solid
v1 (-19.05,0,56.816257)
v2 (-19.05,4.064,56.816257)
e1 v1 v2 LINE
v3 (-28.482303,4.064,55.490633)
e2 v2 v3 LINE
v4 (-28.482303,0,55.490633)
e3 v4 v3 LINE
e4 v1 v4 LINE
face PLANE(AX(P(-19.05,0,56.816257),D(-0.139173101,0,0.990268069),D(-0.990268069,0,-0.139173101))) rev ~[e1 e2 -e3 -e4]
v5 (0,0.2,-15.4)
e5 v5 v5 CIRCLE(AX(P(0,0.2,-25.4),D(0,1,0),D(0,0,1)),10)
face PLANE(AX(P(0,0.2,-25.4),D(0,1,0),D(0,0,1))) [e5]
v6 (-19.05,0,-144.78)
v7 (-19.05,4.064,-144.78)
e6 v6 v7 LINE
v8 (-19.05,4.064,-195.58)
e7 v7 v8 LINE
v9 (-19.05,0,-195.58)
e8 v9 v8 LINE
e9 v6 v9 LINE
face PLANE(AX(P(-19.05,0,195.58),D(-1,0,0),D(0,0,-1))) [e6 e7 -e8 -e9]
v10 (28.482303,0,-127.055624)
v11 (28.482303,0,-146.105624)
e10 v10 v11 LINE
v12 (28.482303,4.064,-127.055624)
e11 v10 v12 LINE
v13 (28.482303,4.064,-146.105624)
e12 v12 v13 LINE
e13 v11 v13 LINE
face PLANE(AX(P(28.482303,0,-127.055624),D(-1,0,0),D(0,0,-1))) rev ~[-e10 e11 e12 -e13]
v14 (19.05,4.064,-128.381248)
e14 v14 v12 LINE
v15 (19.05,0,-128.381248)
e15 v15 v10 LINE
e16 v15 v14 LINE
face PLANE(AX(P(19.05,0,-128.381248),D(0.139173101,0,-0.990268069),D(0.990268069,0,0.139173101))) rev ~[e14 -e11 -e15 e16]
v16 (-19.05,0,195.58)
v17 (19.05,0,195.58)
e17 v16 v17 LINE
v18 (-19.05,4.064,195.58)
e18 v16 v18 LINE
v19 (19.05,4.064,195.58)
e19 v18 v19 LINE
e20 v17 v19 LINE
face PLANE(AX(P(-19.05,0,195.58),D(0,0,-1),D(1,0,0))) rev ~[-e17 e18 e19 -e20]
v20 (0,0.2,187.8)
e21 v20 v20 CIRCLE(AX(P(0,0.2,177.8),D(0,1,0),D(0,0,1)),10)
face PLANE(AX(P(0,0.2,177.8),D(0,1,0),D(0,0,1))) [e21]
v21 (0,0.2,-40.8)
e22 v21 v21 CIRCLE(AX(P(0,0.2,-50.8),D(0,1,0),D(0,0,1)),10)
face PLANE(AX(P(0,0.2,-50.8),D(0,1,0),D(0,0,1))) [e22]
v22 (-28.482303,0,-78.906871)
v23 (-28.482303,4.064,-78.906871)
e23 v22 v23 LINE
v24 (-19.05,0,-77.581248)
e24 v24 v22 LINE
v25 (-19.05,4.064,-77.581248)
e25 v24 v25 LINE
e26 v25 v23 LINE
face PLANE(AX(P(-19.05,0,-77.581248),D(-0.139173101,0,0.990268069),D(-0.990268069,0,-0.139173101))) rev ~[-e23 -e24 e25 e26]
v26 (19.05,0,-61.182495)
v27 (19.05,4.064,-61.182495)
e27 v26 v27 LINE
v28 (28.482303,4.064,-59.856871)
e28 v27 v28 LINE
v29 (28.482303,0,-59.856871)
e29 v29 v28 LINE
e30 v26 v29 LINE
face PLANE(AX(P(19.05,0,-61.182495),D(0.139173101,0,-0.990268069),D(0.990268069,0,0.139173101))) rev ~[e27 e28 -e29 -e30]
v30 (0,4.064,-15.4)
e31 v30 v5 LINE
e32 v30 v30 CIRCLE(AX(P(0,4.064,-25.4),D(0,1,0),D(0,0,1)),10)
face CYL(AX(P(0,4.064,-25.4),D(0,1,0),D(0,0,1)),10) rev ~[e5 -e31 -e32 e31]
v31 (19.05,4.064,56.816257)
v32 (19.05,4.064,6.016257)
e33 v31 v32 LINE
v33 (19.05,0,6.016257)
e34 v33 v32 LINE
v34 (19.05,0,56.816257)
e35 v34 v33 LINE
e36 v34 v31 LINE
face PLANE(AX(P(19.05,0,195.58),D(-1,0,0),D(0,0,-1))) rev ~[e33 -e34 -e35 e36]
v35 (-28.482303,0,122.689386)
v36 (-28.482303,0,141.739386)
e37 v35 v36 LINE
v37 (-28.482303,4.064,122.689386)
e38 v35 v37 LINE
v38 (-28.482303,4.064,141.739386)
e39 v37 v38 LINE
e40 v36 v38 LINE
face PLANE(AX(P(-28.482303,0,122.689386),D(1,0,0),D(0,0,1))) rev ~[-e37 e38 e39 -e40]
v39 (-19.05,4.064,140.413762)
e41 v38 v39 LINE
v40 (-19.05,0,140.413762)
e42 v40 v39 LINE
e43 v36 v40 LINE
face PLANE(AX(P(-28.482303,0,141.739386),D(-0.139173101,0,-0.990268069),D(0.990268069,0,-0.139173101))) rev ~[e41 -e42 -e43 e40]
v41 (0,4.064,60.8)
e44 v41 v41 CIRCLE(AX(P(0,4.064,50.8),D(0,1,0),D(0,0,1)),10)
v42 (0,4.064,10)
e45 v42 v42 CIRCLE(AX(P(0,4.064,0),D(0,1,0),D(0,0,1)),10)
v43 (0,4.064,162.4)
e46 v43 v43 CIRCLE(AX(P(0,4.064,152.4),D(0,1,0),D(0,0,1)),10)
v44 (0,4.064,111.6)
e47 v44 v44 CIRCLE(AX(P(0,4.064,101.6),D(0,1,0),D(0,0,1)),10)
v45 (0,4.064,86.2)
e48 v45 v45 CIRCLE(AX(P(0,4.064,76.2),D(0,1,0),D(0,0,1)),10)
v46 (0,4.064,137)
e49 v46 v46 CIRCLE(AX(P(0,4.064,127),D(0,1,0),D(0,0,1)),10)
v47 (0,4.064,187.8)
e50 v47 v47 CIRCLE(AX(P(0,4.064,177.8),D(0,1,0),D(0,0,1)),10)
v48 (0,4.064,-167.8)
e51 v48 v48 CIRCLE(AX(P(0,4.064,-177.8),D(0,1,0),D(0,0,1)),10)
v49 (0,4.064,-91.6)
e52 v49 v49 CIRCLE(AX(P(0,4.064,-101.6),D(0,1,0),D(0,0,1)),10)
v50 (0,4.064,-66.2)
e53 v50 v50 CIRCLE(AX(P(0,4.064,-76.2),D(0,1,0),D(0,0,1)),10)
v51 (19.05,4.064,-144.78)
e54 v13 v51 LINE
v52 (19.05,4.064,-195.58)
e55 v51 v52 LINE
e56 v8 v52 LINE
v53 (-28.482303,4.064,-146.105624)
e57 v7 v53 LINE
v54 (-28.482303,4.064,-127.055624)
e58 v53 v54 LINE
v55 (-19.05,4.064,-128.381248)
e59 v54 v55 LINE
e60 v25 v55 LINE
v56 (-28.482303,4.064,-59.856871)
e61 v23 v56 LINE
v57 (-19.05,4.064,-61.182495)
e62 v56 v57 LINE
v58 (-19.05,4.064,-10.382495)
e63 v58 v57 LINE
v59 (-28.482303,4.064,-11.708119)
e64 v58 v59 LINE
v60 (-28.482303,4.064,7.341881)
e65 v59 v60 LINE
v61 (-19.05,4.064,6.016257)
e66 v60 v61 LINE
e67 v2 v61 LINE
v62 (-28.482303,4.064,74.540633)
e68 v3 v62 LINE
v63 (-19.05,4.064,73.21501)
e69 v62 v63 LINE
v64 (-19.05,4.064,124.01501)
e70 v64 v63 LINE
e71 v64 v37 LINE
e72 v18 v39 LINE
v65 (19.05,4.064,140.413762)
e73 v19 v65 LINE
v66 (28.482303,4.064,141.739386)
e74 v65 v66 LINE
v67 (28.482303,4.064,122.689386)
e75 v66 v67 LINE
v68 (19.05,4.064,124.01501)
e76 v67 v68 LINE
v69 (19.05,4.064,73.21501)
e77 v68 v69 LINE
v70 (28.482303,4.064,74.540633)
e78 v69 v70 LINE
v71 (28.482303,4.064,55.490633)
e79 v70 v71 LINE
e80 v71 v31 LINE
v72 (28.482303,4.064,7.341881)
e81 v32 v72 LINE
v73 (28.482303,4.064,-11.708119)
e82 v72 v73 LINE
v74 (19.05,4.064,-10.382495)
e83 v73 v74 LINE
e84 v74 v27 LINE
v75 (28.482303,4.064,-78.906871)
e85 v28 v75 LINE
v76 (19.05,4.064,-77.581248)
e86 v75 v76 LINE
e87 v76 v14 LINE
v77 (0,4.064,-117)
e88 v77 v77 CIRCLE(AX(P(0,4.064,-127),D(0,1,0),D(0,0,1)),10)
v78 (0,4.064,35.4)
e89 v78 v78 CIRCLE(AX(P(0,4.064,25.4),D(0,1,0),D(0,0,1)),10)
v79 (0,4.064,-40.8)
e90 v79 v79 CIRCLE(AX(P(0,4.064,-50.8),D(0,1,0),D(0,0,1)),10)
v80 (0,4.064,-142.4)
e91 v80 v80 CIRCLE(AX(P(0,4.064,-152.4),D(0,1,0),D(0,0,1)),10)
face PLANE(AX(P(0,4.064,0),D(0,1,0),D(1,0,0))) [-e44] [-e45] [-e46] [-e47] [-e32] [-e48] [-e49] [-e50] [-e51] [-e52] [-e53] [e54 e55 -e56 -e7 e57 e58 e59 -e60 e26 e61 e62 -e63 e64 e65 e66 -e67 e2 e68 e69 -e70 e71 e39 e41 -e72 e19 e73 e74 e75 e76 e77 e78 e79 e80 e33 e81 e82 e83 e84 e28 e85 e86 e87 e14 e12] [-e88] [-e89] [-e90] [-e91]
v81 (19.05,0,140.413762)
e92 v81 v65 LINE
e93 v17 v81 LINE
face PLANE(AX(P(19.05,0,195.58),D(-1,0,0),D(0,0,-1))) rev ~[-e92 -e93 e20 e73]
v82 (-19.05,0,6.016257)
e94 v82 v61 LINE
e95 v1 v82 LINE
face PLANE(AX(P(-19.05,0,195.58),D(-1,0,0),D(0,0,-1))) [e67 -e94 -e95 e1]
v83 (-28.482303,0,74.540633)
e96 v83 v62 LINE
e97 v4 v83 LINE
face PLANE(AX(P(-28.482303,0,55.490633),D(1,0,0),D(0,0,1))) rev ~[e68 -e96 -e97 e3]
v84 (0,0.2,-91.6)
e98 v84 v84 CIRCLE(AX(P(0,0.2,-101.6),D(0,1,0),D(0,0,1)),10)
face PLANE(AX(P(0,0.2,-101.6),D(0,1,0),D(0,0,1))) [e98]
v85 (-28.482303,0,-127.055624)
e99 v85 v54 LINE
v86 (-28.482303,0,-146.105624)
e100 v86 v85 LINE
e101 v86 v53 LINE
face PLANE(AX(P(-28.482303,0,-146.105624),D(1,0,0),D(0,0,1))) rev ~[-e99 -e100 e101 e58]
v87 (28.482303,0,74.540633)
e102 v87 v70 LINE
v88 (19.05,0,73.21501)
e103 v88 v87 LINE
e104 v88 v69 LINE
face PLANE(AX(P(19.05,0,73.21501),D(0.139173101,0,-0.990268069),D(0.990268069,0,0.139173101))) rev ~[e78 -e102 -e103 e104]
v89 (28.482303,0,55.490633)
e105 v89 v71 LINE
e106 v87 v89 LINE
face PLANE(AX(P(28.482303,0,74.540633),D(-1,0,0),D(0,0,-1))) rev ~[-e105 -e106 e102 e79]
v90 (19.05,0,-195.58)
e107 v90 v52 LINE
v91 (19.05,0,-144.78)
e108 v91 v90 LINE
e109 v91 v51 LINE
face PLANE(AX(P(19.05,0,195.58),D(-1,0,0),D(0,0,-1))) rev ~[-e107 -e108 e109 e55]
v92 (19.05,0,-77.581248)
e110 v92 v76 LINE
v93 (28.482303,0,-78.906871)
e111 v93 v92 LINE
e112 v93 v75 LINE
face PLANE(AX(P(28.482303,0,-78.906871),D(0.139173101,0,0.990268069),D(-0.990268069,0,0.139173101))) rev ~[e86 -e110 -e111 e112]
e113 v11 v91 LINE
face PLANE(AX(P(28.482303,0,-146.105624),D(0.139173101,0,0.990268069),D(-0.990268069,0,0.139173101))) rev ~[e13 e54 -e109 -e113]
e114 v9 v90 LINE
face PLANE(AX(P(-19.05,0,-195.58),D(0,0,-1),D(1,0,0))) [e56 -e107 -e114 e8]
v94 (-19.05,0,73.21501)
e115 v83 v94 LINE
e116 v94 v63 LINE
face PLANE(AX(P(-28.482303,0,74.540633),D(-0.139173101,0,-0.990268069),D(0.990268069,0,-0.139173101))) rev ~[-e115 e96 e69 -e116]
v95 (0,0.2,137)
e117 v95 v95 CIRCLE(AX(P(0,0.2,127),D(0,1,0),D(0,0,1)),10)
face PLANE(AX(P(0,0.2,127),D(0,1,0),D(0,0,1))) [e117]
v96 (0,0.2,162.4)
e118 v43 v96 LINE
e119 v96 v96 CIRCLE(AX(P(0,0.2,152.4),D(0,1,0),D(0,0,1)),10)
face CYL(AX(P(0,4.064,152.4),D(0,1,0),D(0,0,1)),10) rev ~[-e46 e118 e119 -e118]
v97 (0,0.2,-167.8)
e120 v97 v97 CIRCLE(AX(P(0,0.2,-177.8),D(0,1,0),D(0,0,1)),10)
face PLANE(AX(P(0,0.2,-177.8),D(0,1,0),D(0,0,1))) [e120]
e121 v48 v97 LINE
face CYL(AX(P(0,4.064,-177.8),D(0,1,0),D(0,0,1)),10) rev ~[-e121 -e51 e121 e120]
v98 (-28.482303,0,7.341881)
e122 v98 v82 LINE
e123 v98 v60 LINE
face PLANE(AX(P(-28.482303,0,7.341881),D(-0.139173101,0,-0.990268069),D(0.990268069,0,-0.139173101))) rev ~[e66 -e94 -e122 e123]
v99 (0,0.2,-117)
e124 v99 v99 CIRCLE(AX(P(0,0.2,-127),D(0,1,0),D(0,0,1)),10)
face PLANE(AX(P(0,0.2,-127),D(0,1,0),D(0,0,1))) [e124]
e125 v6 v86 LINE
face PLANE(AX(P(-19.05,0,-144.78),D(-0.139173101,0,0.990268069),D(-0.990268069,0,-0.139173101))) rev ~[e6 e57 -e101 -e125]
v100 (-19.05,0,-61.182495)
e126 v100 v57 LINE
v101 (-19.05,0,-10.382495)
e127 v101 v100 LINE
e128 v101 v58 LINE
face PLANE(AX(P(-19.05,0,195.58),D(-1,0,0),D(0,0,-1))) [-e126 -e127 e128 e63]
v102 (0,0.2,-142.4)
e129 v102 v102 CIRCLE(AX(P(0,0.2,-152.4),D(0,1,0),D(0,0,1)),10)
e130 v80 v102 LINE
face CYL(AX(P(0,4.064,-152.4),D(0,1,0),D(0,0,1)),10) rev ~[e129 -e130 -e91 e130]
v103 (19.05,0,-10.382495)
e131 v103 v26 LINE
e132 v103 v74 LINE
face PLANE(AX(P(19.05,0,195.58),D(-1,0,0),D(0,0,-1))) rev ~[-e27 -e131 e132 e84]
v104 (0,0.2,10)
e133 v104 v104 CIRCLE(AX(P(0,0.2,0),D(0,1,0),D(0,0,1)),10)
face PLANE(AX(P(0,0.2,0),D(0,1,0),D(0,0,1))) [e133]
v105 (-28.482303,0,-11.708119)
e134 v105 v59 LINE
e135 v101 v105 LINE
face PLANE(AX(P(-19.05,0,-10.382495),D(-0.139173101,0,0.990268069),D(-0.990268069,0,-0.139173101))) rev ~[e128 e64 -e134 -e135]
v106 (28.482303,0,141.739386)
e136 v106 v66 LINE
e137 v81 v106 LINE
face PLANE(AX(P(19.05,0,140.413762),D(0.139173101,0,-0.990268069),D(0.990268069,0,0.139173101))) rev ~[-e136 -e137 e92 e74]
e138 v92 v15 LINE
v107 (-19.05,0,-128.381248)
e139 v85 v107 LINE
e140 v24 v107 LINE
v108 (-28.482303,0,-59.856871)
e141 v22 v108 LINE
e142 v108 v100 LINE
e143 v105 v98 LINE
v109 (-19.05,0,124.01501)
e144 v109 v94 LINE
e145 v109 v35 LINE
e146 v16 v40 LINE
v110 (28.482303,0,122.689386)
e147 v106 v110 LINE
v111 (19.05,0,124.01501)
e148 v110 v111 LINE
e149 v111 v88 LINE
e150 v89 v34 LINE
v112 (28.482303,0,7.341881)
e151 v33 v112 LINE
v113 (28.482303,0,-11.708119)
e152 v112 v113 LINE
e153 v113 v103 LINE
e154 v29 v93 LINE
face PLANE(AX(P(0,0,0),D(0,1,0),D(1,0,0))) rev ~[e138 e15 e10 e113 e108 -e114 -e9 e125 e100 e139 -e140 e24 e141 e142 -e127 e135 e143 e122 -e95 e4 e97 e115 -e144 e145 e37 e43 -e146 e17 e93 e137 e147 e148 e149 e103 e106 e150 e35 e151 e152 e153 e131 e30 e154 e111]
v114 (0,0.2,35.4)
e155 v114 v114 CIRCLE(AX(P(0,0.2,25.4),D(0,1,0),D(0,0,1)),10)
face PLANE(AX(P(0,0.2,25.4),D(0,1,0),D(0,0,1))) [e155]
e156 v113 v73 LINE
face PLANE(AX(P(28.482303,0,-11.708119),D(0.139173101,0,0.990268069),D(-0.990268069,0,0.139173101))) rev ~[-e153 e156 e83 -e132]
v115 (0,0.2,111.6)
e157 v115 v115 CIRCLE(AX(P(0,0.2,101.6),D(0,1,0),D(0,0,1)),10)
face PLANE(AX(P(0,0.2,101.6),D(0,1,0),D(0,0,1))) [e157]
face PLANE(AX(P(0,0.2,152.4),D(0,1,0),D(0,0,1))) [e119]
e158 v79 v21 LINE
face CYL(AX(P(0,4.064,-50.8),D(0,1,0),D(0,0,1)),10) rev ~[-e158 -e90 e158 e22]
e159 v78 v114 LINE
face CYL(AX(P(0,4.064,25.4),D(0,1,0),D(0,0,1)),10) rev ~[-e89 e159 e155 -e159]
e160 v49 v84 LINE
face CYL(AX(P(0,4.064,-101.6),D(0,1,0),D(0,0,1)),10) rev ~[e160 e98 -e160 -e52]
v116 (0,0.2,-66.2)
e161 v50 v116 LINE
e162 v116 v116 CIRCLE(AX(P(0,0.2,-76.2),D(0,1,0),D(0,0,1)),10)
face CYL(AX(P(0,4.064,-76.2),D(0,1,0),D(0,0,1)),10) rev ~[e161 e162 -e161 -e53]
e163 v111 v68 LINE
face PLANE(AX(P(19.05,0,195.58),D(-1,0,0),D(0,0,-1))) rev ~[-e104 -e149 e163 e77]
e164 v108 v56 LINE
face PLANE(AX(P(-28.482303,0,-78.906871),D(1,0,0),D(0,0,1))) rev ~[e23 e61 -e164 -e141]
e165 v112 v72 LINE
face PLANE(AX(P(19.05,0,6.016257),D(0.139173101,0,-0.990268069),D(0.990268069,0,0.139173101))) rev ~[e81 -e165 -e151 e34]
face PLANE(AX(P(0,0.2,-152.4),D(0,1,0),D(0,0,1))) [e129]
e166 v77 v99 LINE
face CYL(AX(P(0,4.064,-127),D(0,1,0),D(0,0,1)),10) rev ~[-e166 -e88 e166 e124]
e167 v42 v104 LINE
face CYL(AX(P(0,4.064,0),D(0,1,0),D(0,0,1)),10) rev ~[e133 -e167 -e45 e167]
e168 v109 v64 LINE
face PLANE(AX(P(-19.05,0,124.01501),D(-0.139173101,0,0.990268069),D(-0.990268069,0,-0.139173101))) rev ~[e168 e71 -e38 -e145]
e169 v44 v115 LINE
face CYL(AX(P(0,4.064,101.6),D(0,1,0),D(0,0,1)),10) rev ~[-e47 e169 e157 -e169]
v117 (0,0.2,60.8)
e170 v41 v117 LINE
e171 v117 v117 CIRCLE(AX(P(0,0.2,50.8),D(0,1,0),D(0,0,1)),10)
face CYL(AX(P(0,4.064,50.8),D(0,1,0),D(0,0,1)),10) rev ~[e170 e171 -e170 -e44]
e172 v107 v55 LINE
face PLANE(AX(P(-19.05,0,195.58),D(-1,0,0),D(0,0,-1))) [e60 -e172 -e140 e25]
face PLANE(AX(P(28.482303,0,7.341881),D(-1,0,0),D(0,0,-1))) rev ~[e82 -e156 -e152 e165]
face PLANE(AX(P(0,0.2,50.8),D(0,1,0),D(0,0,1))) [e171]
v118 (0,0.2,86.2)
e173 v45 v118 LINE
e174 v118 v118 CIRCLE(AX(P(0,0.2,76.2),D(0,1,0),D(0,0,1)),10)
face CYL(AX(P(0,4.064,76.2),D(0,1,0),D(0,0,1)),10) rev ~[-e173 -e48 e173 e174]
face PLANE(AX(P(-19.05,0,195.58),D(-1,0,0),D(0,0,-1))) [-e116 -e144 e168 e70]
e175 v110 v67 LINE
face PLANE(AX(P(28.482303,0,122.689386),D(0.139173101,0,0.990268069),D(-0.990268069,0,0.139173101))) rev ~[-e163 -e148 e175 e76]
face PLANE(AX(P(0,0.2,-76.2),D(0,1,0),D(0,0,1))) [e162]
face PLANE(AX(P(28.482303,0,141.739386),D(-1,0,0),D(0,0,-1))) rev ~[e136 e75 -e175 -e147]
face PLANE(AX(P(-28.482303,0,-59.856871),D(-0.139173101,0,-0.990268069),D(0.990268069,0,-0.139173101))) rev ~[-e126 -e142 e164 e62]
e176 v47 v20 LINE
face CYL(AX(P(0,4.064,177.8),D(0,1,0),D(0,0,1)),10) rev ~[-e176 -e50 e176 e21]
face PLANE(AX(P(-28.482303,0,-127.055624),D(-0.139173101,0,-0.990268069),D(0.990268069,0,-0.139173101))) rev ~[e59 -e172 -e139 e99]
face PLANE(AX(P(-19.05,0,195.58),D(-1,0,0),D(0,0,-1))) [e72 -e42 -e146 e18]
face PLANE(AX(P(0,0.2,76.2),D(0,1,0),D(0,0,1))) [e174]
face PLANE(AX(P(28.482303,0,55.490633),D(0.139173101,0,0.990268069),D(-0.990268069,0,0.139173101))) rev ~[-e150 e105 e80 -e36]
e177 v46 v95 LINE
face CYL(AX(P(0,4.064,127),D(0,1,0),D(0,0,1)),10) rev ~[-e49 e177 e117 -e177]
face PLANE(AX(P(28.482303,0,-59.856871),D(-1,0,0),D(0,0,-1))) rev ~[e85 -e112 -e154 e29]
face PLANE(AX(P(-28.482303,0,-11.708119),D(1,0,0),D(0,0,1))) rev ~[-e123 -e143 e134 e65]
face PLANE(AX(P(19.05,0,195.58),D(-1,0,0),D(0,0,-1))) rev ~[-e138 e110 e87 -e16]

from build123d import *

# Parameters (mm, degrees)
SKETCH1_W           = 38.1
SKETCH1_H           = 391.16
BOSS_EXTRUDE1_DEPTH = 4.064
SKETCH2_R           = 10
CUT_EXTRUDE1_DEPTH  = 3.863999892
BOSS_EXTRUDE2_DEPTH = 4.064


with BuildPart() as part:
    # Sketch1 → Boss-Extrude1 (new body)
    with BuildSketch(Plane(origin=(0, 0, 0), x_dir=(1, 0, 0), z_dir=(0, 1, 0))):
        Rectangle(SKETCH1_W, SKETCH1_H)
    extrude(amount=BOSS_EXTRUDE1_DEPTH)

    # Sketch2 → Cut-Extrude1 (cut)
    with BuildSketch(Plane(origin=(0, 4.064, 0), x_dir=(1, 0, 0), z_dir=(0, 1, 0))):
        with Locations(Location((0, 177.8, 0), (0, 0, 270))):
            Circle(SKETCH2_R)
        with Locations(Location((0, 152.4, 0), (0, 0, 270))):
            Circle(SKETCH2_R)
        with Locations(Location((0, 127, 0), (0, 0, 270))):
            Circle(SKETCH2_R)
        with Locations(Location((0, 101.6, 0), (0, 0, 270))):
            Circle(SKETCH2_R)
        with Locations(Location((0, 76.2, 0), (0, 0, 270))):
            Circle(SKETCH2_R)
        with Locations(Location((0, 50.8, 0), (0, 0, 270))):
            Circle(SKETCH2_R)
        with Locations(Location((0, 25.4, 0), (0, 0, 270))):
            Circle(SKETCH2_R)
        with Locations(Location((0, 0, 0), (0, 0, 270))):
            Circle(SKETCH2_R)
        with Locations(Location((0, -25.4, 0), (0, 0, 270))):
            Circle(SKETCH2_R)
        with Locations(Location((0, -50.8, 0), (0, 0, 270))):
            Circle(SKETCH2_R)
        with Locations(Location((0, -76.2, 0), (0, 0, 270))):
            Circle(SKETCH2_R)
        with Locations(Location((0, -101.6, 0), (0, 0, 270))):
            Circle(SKETCH2_R)
        with Locations(Location((0, -127, 0), (0, 0, 270))):
            Circle(SKETCH2_R)
        with Locations(Location((0, -152.4, 0), (0, 0, 270))):
            Circle(SKETCH2_R)
        with Locations(Location((0, -177.8, 0), (0, 0, 270))):
            Circle(SKETCH2_R)
    extrude(amount=-CUT_EXTRUDE1_DEPTH, mode=Mode.SUBTRACT)

    # Sketch4 → Boss-Extrude2 (add)
    with BuildSketch(Plane(origin=(0, 0, 0), x_dir=(1, 0, 0), z_dir=(0, 1, 0))):
        Polygon((28.482303355, -55.490633493), (19.05, -56.81625728), (19.05, -73.215009707), (28.482303355, -74.540633493), align=None)
        Polygon((28.482303355, 146.105623787), (19.05, 144.78), (19.05, 128.381247573), (28.482303355, 127.055623787), align=None)
        Polygon((-19.05, 128.381247573), (-19.05, 144.78), (-28.482303355, 146.105623787), (-28.482303355, 127.055623787), align=None)
        Polygon((28.482303355, 78.90687136), (19.05, 77.581247573), (19.05, 61.182495147), (28.482303355, 59.85687136), align=None)
        Polygon((28.482303355, 11.708118933), (19.05, 10.382495147), (19.05, -6.01625728), (28.482303355, -7.341881067), align=None)
        Polygon((-19.05, -6.01625728), (-19.05, 10.382495147), (-28.482303355, 11.708118933), (-28.482303355, -7.341881067), align=None)
        Polygon((-19.05, 61.182495147), (-19.05, 77.581247573), (-28.482303355, 78.90687136), (-28.482303355, 59.85687136), align=None)
        Polygon((28.482303355, -122.68938592), (19.05, -124.015009707), (19.05, -140.413762134), (28.482303355, -141.73938592), align=None)
        Polygon((-19.05, -140.413762134), (-19.05, -124.015009707), (-28.482303355, -122.68938592), (-28.482303355, -141.73938592), align=None)
        Polygon((-19.05, -73.215009707), (-19.05, -56.81625728), (-28.482303355, -55.490633493), (-28.482303355, -74.540633493), align=None)
    extrude(amount=BOSS_EXTRUDE2_DEPTH)


solid = part.part
